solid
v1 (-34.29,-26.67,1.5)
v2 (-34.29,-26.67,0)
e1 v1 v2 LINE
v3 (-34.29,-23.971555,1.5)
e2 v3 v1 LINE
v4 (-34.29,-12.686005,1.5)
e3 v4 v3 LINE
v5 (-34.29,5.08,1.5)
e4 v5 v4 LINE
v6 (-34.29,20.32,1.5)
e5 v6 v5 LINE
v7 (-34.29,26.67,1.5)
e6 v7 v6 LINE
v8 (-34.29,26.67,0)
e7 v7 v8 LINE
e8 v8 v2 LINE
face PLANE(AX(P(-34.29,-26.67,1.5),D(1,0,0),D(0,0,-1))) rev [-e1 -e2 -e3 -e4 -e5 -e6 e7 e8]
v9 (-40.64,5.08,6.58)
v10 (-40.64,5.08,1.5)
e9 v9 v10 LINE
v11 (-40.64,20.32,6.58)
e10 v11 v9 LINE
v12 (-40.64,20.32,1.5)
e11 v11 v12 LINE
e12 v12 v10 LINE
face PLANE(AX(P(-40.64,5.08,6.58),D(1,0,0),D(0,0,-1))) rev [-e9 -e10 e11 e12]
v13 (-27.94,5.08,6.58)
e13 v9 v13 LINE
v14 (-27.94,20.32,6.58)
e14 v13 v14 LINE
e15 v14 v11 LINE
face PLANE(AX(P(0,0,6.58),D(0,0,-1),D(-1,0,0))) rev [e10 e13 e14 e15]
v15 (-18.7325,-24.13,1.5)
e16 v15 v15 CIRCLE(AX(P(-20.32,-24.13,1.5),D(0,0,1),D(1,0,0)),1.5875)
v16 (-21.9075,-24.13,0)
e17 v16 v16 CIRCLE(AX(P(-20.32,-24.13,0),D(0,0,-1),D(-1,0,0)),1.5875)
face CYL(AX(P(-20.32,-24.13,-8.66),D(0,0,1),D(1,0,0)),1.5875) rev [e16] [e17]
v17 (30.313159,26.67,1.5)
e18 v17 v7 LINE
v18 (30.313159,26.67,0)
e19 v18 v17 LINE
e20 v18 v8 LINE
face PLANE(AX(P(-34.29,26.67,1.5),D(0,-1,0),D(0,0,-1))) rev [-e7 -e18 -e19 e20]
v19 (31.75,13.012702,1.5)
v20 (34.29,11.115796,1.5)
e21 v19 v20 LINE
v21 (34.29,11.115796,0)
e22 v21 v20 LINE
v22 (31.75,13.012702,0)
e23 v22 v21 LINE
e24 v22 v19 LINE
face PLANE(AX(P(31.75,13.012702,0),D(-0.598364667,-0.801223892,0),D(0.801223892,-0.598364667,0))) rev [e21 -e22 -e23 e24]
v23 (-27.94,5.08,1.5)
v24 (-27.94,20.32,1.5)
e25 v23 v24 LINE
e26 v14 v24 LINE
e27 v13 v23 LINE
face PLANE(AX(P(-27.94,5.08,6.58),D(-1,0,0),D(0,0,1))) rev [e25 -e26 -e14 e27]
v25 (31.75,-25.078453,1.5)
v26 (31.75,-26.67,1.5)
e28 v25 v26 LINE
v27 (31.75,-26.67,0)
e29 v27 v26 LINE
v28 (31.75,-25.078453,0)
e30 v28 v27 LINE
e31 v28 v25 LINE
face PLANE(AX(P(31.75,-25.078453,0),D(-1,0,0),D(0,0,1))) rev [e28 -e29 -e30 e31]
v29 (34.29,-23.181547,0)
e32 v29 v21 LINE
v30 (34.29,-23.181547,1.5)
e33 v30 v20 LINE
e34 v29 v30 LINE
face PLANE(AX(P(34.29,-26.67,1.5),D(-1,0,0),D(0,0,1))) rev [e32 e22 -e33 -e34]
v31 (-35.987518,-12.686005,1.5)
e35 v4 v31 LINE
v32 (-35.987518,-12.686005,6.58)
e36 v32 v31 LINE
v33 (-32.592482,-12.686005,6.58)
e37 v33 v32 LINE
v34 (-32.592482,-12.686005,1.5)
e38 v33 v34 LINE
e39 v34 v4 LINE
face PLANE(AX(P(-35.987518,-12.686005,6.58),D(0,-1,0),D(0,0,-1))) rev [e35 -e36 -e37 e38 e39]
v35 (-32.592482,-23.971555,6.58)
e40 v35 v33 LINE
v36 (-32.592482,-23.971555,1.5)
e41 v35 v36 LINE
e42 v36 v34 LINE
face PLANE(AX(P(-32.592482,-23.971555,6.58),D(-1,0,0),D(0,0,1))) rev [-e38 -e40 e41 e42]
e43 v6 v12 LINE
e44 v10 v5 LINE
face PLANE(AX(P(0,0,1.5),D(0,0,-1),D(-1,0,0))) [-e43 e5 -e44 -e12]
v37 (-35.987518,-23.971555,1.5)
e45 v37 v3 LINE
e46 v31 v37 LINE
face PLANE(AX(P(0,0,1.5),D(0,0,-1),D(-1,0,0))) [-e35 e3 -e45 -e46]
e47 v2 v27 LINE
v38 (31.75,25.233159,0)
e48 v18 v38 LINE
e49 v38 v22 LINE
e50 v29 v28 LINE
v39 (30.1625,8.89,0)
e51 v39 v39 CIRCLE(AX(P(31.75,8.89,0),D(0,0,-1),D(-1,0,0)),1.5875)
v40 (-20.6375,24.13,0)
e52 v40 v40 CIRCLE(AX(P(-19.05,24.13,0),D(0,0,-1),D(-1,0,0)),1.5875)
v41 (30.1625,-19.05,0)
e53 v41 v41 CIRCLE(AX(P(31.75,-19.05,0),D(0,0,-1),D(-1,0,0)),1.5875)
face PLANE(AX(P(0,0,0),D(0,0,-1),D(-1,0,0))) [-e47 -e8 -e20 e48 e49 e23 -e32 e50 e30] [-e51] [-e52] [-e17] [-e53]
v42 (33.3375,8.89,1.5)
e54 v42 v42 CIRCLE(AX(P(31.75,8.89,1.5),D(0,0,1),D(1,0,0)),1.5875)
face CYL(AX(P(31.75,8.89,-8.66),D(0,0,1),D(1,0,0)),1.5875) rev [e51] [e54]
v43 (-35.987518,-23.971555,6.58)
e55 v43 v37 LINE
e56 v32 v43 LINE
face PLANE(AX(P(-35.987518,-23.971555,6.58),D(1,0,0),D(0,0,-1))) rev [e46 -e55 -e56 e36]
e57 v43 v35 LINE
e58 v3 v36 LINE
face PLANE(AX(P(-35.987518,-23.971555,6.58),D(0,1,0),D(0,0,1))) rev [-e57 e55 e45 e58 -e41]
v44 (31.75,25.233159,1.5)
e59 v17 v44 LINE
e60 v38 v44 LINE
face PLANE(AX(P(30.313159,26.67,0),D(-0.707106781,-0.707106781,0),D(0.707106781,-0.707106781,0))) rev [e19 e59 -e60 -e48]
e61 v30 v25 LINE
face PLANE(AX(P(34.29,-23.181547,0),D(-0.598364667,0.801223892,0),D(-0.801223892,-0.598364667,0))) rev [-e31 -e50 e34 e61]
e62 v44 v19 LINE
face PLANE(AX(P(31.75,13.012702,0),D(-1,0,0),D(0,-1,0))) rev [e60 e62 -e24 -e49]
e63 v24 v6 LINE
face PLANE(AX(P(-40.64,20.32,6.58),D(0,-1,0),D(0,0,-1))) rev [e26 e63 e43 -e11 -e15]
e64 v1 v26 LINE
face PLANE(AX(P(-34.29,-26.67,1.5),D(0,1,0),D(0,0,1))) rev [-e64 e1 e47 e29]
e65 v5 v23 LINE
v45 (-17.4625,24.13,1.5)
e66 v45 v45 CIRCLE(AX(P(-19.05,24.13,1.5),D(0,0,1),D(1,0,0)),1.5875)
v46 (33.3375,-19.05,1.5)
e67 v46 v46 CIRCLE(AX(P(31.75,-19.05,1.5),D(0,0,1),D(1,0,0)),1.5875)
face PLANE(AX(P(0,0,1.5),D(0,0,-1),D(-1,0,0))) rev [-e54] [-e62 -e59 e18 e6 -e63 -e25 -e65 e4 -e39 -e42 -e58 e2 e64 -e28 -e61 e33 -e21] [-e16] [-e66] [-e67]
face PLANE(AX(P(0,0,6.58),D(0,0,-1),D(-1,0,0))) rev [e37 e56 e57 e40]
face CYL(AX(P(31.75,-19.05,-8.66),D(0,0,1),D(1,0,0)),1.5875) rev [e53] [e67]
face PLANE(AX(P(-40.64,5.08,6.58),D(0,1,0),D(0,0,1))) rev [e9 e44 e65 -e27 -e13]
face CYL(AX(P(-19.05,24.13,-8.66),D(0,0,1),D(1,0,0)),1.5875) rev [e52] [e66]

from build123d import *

# Parameters (mm, degrees)
SKETCH1_W           = 68.58
SKETCH1_H           = 53.34
BOSS_EXTRUDE1_DEPTH = 1.5
SKETCH2_W           = 12.7
SKETCH2_H           = 15.24
SKETCH2_W_2         = 3.39503639
SKETCH2_H_2         = 11.2855496
BOSS_EXTRUDE2_DEPTH = 5.08
SKETCH3_R           = 1.5875
CUT_EXTRUDE1_DEPTH  = 10.16
CUT_EXTRUDE2_DEPTH  = 2.5


with BuildPart() as part:
    # Sketch1 → Boss-Extrude1 (new body)
    with BuildSketch(Plane.XY):
        Rectangle(SKETCH1_W, SKETCH1_H)
    extrude(amount=BOSS_EXTRUDE1_DEPTH)

    # Sketch2 → Boss-Extrude2 (add)
    with BuildSketch(Plane.XY.offset(1.5)):
        with Locations((-34.29, 12.7)):
            Rectangle(SKETCH2_W, SKETCH2_H)
        with Locations((-34.29, -18.328779787)):
            Rectangle(SKETCH2_W_2, SKETCH2_H_2)
    extrude(amount=BOSS_EXTRUDE2_DEPTH)

    # Sketch3 → Cut-Extrude1 (cut)
    with BuildSketch(Plane.XY.offset(1.5)):
        with Locations((-19.05, 24.13)):
            Circle(SKETCH3_R)
        with Locations((-20.32, -24.13)):
            Circle(SKETCH3_R)
        with Locations((31.75, 8.89)):
            Circle(SKETCH3_R)
        with Locations((31.75, -19.05)):
            Circle(SKETCH3_R)
    extrude(amount=-CUT_EXTRUDE1_DEPTH, mode=Mode.SUBTRACT)

    # Sketch4 → Cut-Extrude2 (cut, through all)
    with BuildSketch(Plane.XY.offset(1.5)):
        Polygon((30.313159021, 26.67), (31.75, 25.233159021), (31.75, 13.012702255), (34.29, 11.115796447), (34.29, 26.67), align=None)
        Polygon((34.29, -23.181547096), (31.75, -25.078452904), (31.75, -26.67), (34.29, -26.67), align=None)
    extrude(amount=-CUT_EXTRUDE2_DEPTH, mode=Mode.SUBTRACT)


solid = part.part
